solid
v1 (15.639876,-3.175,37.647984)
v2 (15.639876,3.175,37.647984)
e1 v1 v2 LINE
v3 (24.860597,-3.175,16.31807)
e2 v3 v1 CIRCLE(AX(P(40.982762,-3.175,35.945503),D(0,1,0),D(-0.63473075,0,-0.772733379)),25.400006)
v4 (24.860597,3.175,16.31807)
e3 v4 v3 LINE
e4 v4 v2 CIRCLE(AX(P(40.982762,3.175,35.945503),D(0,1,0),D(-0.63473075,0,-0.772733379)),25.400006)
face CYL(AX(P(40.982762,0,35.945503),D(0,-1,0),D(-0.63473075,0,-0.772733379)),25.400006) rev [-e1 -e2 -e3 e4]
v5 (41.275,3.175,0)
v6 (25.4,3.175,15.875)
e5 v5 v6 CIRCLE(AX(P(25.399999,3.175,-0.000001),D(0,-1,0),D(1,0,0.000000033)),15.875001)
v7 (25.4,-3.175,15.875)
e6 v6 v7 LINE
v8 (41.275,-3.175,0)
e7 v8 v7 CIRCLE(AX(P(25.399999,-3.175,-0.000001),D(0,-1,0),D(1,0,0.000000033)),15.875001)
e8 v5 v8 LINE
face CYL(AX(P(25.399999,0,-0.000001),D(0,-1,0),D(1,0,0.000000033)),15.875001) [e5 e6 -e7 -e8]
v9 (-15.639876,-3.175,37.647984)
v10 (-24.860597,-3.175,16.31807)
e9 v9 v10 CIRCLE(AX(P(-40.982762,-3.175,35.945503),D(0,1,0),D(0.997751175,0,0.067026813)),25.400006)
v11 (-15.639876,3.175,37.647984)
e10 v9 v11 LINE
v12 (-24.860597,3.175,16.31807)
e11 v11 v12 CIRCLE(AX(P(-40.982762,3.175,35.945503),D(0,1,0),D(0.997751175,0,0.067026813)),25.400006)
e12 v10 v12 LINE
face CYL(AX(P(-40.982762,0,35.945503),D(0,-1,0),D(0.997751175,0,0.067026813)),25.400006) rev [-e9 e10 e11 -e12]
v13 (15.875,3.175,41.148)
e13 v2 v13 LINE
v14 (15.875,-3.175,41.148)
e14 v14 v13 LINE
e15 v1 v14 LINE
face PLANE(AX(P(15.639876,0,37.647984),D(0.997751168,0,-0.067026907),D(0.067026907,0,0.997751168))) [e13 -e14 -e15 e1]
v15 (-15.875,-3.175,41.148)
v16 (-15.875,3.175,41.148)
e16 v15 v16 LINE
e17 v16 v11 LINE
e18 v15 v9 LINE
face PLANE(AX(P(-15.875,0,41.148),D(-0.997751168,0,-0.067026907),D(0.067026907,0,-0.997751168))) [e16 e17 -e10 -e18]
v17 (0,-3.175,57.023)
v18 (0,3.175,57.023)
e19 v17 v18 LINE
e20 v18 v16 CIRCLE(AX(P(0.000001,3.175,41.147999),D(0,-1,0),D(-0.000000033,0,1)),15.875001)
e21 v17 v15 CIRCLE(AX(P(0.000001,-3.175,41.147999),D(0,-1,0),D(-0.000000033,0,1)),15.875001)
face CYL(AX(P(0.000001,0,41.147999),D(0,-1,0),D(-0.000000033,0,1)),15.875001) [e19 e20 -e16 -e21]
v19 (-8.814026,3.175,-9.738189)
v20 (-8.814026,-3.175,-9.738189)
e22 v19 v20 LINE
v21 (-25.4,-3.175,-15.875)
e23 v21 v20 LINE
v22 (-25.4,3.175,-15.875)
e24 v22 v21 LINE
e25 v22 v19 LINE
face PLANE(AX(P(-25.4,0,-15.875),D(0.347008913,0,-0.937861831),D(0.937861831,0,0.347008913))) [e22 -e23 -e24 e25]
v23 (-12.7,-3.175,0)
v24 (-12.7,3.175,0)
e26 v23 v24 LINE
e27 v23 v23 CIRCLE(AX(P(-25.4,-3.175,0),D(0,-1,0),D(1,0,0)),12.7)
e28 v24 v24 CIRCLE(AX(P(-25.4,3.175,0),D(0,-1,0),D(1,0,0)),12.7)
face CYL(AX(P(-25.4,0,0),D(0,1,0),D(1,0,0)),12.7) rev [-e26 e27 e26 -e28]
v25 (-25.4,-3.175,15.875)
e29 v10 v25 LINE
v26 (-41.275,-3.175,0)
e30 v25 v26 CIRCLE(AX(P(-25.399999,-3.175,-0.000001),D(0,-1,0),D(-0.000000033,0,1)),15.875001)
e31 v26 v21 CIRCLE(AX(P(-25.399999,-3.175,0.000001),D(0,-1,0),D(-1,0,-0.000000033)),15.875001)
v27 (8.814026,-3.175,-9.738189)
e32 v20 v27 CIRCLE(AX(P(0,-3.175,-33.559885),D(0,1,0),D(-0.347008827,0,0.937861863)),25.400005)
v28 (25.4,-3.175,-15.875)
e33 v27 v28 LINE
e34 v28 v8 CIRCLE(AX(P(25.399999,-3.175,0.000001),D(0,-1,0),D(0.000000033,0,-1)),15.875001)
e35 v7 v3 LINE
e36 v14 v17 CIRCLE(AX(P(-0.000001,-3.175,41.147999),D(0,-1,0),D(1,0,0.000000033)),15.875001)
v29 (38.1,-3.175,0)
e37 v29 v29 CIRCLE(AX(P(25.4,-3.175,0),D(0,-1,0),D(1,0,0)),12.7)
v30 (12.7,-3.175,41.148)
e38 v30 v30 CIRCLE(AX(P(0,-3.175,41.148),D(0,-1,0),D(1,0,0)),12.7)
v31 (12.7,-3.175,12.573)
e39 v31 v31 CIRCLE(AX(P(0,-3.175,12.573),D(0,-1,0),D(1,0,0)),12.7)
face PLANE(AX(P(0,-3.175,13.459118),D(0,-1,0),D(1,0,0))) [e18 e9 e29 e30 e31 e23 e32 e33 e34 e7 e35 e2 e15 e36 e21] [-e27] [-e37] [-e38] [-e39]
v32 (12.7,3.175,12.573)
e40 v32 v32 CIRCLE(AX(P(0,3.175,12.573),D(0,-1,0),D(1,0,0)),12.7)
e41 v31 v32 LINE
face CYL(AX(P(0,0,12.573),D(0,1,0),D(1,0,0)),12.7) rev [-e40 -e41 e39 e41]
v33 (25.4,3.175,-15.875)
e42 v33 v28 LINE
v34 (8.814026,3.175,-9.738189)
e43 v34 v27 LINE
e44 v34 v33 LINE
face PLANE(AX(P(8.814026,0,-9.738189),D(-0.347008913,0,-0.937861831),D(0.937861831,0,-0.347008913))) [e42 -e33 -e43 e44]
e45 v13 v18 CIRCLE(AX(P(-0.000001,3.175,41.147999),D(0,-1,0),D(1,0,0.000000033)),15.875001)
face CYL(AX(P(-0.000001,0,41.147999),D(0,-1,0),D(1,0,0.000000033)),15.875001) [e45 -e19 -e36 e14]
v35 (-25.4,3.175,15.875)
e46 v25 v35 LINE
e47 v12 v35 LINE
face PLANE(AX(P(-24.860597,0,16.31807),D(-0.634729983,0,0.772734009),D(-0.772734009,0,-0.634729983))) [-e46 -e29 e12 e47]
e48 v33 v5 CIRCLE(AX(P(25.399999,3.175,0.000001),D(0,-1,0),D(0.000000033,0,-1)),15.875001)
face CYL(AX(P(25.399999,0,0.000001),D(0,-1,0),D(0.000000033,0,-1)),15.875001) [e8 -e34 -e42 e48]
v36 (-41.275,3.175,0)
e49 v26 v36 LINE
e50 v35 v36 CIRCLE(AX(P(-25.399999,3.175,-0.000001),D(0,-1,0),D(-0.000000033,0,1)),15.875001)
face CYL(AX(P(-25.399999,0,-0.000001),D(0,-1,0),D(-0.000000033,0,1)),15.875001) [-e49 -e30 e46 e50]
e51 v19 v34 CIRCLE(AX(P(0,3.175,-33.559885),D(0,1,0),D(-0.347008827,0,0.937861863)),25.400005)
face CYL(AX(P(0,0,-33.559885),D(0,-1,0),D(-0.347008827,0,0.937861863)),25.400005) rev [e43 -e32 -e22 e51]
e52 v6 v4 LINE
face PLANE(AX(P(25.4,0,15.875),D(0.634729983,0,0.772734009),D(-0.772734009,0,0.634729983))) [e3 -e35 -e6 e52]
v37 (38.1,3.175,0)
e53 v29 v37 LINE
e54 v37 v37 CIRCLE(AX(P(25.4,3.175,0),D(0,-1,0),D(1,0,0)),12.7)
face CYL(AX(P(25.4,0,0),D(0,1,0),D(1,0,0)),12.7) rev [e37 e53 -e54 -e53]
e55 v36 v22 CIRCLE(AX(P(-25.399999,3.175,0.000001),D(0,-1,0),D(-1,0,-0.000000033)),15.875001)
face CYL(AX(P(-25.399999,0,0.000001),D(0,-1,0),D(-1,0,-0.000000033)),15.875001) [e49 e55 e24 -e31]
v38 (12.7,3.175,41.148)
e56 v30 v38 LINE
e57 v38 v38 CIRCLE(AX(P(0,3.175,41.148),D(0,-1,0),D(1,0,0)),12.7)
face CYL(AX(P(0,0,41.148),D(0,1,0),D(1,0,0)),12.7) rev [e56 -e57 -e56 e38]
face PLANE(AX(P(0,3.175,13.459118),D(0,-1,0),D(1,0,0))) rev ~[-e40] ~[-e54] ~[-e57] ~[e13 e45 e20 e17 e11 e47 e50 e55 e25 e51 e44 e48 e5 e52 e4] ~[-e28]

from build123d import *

# Parameters (mm, degrees)
F0_R     = 12.7
F1_DEPTH = 3.175


with BuildPart() as f1:
    # F0 (on Front) → F1 (new body, symmetric)
    with BuildSketch(Plane.XZ):
        with BuildLine():
            ThreePointArc((-41.275, 0), (-36.62532, -11.22532), (-25.4, -15.875))
            Line((-25.4, -15.875), (-8.814026, -9.738189))
            ThreePointArc((-8.814026, -9.738189), (0, -8.15988), (8.814026, -9.738189))
            Line((8.814026, -9.738189), (25.4, -15.875))
            ThreePointArc((25.4, -15.875), (36.62532, -11.22532), (41.275, 0))
            ThreePointArc((41.275, 0), (36.62532, 11.22532), (25.4, 15.875))
            Line((25.4, 15.875), (24.860597, 16.31807))
            ThreePointArc((24.860597, 16.31807), (17.667983, 25.866743), (15.639876, 37.647984))
            Line((15.639876, 37.647984), (15.875, 41.148))
            ThreePointArc((15.875, 41.148), (11.22532, 52.37332), (0, 57.023))
            ThreePointArc((0, 57.023), (-11.22532, 52.37332), (-15.875, 41.148))
            Line((-15.875, 41.148), (-15.639876, 37.647984))
            ThreePointArc((-15.639876, 37.647984), (-17.667983, 25.866743), (-24.860597, 16.31807))
            Line((-24.860597, 16.31807), (-25.4, 15.875))
            ThreePointArc((-25.4, 15.875), (-36.62532, 11.22532), (-41.275, 0))
        make_face()
        with Locations((-25.4, 0)):
            Circle(F0_R, mode=Mode.SUBTRACT)
        with Locations((25.4, 0)):
            Circle(F0_R, mode=Mode.SUBTRACT)
        with Locations((0, 12.573)):
            Circle(F0_R, mode=Mode.SUBTRACT)
        with Locations((0, 41.148)):
            Circle(F0_R, mode=Mode.SUBTRACT)
    extrude(amount=F1_DEPTH, both=True)


solid = f1.part
